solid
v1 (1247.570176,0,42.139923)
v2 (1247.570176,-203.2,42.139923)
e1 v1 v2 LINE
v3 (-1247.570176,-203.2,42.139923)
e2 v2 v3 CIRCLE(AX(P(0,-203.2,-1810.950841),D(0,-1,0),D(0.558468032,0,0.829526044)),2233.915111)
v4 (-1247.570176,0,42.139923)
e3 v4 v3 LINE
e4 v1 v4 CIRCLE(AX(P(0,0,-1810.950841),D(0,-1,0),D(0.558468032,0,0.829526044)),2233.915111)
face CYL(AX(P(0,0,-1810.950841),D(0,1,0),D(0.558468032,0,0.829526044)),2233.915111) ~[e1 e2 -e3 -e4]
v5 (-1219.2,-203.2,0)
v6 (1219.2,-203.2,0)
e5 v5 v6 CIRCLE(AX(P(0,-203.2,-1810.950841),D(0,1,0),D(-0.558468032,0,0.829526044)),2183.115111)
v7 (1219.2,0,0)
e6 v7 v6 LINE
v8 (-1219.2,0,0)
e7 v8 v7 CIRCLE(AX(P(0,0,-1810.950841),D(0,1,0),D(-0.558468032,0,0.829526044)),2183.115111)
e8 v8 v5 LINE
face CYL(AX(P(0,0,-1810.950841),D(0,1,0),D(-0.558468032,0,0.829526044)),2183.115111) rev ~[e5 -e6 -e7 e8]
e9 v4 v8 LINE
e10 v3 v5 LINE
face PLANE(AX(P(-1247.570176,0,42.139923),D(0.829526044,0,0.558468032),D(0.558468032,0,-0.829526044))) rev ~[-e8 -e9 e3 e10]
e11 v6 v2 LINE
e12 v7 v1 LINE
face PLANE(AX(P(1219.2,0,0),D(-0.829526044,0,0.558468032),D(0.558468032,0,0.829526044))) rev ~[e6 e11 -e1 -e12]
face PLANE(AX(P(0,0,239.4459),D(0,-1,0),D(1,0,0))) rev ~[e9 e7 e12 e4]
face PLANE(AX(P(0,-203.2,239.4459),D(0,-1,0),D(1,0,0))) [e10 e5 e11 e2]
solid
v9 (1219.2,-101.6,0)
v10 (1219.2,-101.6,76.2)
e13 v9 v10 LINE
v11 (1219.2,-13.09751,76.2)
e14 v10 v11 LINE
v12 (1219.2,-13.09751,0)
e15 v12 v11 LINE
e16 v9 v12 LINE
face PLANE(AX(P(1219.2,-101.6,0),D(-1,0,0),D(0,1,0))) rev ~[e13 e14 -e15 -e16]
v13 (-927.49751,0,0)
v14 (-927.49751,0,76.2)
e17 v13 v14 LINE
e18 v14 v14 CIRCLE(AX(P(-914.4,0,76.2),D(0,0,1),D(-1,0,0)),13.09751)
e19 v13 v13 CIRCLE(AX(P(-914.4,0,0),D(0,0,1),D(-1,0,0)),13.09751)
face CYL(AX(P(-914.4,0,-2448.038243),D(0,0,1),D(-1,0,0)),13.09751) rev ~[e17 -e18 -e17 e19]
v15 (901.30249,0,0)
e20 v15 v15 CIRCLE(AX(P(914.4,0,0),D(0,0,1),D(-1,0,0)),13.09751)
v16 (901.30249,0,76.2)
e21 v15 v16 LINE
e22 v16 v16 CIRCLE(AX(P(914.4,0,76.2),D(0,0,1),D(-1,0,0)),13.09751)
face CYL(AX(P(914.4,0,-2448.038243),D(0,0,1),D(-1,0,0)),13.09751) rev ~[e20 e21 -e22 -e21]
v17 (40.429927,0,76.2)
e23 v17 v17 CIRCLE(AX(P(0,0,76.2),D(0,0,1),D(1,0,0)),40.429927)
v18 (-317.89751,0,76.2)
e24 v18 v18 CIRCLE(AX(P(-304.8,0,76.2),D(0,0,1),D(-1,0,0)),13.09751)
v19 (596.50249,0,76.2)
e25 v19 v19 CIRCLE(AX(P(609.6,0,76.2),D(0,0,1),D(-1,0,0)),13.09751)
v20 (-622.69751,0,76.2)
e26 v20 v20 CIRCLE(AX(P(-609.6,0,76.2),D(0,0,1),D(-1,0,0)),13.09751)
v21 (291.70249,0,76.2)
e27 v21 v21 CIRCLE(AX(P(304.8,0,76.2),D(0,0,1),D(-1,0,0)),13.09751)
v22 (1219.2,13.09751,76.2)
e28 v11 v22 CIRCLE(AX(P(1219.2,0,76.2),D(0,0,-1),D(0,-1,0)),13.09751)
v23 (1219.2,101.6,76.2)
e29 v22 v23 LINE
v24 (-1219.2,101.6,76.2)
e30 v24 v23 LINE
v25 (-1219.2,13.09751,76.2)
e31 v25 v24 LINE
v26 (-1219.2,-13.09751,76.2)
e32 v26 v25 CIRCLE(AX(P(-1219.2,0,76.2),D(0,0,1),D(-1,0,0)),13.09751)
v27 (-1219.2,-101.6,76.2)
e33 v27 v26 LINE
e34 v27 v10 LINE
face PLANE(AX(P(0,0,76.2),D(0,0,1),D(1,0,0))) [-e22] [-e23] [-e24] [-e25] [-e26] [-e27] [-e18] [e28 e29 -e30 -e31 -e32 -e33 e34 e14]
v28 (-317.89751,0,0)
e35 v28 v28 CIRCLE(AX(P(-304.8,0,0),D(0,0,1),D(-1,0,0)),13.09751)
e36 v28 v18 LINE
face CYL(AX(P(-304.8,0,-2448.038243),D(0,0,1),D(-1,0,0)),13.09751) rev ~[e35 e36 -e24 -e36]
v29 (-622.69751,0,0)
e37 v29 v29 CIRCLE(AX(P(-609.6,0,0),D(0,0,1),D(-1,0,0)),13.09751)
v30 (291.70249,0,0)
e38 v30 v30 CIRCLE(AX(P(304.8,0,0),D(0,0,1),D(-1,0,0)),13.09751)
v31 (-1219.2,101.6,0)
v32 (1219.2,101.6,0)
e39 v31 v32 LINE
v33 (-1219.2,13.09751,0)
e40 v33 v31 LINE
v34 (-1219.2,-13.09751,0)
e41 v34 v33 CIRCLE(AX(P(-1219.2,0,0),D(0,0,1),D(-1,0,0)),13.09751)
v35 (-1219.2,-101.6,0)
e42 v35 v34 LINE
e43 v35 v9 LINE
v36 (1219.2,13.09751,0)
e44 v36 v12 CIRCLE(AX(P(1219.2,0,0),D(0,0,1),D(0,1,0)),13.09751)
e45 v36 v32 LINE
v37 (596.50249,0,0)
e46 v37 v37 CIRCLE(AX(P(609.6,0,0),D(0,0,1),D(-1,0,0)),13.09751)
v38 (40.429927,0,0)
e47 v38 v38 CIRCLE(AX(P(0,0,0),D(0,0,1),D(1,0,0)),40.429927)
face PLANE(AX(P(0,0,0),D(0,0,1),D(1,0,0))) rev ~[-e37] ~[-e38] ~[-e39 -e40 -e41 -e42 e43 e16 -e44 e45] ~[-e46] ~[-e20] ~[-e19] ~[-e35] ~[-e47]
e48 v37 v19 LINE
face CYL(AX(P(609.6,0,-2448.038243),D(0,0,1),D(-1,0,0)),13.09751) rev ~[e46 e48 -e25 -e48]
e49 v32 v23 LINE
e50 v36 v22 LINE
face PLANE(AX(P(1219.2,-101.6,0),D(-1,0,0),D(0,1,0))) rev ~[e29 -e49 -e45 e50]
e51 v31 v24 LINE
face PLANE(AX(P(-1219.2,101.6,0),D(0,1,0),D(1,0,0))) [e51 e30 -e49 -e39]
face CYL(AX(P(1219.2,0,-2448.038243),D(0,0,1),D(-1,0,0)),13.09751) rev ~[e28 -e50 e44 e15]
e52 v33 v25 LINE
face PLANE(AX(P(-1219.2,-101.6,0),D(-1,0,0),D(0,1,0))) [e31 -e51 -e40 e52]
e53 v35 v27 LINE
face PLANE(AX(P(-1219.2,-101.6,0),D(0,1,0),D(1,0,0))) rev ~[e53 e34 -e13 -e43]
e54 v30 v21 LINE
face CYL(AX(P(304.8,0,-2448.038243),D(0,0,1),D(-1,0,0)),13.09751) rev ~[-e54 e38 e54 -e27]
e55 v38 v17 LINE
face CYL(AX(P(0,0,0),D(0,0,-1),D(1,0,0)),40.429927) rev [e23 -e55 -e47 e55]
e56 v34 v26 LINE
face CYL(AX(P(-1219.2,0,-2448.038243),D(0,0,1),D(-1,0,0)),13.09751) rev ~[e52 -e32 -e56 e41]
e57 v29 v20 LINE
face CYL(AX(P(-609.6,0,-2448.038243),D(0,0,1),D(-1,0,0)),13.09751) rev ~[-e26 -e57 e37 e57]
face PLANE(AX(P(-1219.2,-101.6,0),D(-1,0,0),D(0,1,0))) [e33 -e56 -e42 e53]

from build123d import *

# Parameters (mm, degrees)
F1_DEPTH = 203.2
F5_W     = 2438.4
F5_H     = 203.2
F5_R     = 40.4299269337
F6_DEPTH = 76.2
F7_D     = 26.19502
F8_D     = 26.19502
F9_D     = 26.19502
F10_D    = 26.19502
F11_D    = 26.19502
F12_D    = 26.19502
F13_D    = 26.19502
F14_D    = 26.19502


with BuildPart() as f1:
    # F0 (on Front) → F1 (new body)
    with BuildSketch(Plane.XZ):
        with BuildLine():
            ThreePointArc((-1219.2, 0), (0, 372.164270083), (1219.2, 0))
            Line((1219.2, 0), (1247.5701760273, 42.1399230206))
            ThreePointArc((1247.5701760273, 42.1399230206), (0, 422.964270083), (-1247.5701760273, 42.1399230206))
            Line((-1247.5701760273, 42.1399230206), (-1219.2, 0))
        make_face()
    extrude(amount=F1_DEPTH)


with BuildPart() as f6:
    # F5 (on Top) → F6 (new body)
    with BuildSketch(Plane.XY):
        Rectangle(F5_W, F5_H)
        Circle(F5_R, mode=Mode.SUBTRACT)
    extrude(amount=F6_DEPTH)

    # F7 (through all)
    with Locations(Plane(origin=(0, 0, 0), x_dir=(1, 0, 0), z_dir=(0, 0, -1))):
        with Locations((-914.4, 0)):
            Hole(F7_D / 2)

    # F8 (through all)
    with Locations(Plane(origin=(0, 0, 0), x_dir=(1, 0, 0), z_dir=(0, 0, -1))):
        with Locations((-609.6, 0)):
            Hole(F8_D / 2)

    # F9 (through all)
    with Locations(Plane(origin=(0, 0, 0), x_dir=(1, 0, 0), z_dir=(0, 0, -1))):
        with Locations((-304.8, 0)):
            Hole(F9_D / 2)

    # F10 (through all)
    with Locations(Plane(origin=(0, 0, 0), x_dir=(1, 0, 0), z_dir=(0, 0, -1))):
        with Locations((304.8, 0)):
            Hole(F10_D / 2)

    # F11 (through all)
    with Locations(Plane(origin=(0, 0, 0), x_dir=(1, 0, 0), z_dir=(0, 0, -1))):
        with Locations((609.6, 0)):
            Hole(F11_D / 2)

    # F12 (through all)
    with Locations(Plane(origin=(0, 0, 0), x_dir=(1, 0, 0), z_dir=(0, 0, -1))):
        with Locations((914.4, 0)):
            Hole(F12_D / 2)

    # F13 (through all)
    with Locations(Plane(origin=(0, 0, 0), x_dir=(1, 0, 0), z_dir=(0, 0, -1))):
        with Locations((1219.2, 0)):
            Hole(F13_D / 2)

    # F14 (through all)
    with Locations(Plane(origin=(0, 0, 0), x_dir=(1, 0, 0), z_dir=(0, 0, -1))):
        with Locations((-1219.2, 0)):
            Hole(F14_D / 2)


solid = Compound([f1.part, f6.part])
